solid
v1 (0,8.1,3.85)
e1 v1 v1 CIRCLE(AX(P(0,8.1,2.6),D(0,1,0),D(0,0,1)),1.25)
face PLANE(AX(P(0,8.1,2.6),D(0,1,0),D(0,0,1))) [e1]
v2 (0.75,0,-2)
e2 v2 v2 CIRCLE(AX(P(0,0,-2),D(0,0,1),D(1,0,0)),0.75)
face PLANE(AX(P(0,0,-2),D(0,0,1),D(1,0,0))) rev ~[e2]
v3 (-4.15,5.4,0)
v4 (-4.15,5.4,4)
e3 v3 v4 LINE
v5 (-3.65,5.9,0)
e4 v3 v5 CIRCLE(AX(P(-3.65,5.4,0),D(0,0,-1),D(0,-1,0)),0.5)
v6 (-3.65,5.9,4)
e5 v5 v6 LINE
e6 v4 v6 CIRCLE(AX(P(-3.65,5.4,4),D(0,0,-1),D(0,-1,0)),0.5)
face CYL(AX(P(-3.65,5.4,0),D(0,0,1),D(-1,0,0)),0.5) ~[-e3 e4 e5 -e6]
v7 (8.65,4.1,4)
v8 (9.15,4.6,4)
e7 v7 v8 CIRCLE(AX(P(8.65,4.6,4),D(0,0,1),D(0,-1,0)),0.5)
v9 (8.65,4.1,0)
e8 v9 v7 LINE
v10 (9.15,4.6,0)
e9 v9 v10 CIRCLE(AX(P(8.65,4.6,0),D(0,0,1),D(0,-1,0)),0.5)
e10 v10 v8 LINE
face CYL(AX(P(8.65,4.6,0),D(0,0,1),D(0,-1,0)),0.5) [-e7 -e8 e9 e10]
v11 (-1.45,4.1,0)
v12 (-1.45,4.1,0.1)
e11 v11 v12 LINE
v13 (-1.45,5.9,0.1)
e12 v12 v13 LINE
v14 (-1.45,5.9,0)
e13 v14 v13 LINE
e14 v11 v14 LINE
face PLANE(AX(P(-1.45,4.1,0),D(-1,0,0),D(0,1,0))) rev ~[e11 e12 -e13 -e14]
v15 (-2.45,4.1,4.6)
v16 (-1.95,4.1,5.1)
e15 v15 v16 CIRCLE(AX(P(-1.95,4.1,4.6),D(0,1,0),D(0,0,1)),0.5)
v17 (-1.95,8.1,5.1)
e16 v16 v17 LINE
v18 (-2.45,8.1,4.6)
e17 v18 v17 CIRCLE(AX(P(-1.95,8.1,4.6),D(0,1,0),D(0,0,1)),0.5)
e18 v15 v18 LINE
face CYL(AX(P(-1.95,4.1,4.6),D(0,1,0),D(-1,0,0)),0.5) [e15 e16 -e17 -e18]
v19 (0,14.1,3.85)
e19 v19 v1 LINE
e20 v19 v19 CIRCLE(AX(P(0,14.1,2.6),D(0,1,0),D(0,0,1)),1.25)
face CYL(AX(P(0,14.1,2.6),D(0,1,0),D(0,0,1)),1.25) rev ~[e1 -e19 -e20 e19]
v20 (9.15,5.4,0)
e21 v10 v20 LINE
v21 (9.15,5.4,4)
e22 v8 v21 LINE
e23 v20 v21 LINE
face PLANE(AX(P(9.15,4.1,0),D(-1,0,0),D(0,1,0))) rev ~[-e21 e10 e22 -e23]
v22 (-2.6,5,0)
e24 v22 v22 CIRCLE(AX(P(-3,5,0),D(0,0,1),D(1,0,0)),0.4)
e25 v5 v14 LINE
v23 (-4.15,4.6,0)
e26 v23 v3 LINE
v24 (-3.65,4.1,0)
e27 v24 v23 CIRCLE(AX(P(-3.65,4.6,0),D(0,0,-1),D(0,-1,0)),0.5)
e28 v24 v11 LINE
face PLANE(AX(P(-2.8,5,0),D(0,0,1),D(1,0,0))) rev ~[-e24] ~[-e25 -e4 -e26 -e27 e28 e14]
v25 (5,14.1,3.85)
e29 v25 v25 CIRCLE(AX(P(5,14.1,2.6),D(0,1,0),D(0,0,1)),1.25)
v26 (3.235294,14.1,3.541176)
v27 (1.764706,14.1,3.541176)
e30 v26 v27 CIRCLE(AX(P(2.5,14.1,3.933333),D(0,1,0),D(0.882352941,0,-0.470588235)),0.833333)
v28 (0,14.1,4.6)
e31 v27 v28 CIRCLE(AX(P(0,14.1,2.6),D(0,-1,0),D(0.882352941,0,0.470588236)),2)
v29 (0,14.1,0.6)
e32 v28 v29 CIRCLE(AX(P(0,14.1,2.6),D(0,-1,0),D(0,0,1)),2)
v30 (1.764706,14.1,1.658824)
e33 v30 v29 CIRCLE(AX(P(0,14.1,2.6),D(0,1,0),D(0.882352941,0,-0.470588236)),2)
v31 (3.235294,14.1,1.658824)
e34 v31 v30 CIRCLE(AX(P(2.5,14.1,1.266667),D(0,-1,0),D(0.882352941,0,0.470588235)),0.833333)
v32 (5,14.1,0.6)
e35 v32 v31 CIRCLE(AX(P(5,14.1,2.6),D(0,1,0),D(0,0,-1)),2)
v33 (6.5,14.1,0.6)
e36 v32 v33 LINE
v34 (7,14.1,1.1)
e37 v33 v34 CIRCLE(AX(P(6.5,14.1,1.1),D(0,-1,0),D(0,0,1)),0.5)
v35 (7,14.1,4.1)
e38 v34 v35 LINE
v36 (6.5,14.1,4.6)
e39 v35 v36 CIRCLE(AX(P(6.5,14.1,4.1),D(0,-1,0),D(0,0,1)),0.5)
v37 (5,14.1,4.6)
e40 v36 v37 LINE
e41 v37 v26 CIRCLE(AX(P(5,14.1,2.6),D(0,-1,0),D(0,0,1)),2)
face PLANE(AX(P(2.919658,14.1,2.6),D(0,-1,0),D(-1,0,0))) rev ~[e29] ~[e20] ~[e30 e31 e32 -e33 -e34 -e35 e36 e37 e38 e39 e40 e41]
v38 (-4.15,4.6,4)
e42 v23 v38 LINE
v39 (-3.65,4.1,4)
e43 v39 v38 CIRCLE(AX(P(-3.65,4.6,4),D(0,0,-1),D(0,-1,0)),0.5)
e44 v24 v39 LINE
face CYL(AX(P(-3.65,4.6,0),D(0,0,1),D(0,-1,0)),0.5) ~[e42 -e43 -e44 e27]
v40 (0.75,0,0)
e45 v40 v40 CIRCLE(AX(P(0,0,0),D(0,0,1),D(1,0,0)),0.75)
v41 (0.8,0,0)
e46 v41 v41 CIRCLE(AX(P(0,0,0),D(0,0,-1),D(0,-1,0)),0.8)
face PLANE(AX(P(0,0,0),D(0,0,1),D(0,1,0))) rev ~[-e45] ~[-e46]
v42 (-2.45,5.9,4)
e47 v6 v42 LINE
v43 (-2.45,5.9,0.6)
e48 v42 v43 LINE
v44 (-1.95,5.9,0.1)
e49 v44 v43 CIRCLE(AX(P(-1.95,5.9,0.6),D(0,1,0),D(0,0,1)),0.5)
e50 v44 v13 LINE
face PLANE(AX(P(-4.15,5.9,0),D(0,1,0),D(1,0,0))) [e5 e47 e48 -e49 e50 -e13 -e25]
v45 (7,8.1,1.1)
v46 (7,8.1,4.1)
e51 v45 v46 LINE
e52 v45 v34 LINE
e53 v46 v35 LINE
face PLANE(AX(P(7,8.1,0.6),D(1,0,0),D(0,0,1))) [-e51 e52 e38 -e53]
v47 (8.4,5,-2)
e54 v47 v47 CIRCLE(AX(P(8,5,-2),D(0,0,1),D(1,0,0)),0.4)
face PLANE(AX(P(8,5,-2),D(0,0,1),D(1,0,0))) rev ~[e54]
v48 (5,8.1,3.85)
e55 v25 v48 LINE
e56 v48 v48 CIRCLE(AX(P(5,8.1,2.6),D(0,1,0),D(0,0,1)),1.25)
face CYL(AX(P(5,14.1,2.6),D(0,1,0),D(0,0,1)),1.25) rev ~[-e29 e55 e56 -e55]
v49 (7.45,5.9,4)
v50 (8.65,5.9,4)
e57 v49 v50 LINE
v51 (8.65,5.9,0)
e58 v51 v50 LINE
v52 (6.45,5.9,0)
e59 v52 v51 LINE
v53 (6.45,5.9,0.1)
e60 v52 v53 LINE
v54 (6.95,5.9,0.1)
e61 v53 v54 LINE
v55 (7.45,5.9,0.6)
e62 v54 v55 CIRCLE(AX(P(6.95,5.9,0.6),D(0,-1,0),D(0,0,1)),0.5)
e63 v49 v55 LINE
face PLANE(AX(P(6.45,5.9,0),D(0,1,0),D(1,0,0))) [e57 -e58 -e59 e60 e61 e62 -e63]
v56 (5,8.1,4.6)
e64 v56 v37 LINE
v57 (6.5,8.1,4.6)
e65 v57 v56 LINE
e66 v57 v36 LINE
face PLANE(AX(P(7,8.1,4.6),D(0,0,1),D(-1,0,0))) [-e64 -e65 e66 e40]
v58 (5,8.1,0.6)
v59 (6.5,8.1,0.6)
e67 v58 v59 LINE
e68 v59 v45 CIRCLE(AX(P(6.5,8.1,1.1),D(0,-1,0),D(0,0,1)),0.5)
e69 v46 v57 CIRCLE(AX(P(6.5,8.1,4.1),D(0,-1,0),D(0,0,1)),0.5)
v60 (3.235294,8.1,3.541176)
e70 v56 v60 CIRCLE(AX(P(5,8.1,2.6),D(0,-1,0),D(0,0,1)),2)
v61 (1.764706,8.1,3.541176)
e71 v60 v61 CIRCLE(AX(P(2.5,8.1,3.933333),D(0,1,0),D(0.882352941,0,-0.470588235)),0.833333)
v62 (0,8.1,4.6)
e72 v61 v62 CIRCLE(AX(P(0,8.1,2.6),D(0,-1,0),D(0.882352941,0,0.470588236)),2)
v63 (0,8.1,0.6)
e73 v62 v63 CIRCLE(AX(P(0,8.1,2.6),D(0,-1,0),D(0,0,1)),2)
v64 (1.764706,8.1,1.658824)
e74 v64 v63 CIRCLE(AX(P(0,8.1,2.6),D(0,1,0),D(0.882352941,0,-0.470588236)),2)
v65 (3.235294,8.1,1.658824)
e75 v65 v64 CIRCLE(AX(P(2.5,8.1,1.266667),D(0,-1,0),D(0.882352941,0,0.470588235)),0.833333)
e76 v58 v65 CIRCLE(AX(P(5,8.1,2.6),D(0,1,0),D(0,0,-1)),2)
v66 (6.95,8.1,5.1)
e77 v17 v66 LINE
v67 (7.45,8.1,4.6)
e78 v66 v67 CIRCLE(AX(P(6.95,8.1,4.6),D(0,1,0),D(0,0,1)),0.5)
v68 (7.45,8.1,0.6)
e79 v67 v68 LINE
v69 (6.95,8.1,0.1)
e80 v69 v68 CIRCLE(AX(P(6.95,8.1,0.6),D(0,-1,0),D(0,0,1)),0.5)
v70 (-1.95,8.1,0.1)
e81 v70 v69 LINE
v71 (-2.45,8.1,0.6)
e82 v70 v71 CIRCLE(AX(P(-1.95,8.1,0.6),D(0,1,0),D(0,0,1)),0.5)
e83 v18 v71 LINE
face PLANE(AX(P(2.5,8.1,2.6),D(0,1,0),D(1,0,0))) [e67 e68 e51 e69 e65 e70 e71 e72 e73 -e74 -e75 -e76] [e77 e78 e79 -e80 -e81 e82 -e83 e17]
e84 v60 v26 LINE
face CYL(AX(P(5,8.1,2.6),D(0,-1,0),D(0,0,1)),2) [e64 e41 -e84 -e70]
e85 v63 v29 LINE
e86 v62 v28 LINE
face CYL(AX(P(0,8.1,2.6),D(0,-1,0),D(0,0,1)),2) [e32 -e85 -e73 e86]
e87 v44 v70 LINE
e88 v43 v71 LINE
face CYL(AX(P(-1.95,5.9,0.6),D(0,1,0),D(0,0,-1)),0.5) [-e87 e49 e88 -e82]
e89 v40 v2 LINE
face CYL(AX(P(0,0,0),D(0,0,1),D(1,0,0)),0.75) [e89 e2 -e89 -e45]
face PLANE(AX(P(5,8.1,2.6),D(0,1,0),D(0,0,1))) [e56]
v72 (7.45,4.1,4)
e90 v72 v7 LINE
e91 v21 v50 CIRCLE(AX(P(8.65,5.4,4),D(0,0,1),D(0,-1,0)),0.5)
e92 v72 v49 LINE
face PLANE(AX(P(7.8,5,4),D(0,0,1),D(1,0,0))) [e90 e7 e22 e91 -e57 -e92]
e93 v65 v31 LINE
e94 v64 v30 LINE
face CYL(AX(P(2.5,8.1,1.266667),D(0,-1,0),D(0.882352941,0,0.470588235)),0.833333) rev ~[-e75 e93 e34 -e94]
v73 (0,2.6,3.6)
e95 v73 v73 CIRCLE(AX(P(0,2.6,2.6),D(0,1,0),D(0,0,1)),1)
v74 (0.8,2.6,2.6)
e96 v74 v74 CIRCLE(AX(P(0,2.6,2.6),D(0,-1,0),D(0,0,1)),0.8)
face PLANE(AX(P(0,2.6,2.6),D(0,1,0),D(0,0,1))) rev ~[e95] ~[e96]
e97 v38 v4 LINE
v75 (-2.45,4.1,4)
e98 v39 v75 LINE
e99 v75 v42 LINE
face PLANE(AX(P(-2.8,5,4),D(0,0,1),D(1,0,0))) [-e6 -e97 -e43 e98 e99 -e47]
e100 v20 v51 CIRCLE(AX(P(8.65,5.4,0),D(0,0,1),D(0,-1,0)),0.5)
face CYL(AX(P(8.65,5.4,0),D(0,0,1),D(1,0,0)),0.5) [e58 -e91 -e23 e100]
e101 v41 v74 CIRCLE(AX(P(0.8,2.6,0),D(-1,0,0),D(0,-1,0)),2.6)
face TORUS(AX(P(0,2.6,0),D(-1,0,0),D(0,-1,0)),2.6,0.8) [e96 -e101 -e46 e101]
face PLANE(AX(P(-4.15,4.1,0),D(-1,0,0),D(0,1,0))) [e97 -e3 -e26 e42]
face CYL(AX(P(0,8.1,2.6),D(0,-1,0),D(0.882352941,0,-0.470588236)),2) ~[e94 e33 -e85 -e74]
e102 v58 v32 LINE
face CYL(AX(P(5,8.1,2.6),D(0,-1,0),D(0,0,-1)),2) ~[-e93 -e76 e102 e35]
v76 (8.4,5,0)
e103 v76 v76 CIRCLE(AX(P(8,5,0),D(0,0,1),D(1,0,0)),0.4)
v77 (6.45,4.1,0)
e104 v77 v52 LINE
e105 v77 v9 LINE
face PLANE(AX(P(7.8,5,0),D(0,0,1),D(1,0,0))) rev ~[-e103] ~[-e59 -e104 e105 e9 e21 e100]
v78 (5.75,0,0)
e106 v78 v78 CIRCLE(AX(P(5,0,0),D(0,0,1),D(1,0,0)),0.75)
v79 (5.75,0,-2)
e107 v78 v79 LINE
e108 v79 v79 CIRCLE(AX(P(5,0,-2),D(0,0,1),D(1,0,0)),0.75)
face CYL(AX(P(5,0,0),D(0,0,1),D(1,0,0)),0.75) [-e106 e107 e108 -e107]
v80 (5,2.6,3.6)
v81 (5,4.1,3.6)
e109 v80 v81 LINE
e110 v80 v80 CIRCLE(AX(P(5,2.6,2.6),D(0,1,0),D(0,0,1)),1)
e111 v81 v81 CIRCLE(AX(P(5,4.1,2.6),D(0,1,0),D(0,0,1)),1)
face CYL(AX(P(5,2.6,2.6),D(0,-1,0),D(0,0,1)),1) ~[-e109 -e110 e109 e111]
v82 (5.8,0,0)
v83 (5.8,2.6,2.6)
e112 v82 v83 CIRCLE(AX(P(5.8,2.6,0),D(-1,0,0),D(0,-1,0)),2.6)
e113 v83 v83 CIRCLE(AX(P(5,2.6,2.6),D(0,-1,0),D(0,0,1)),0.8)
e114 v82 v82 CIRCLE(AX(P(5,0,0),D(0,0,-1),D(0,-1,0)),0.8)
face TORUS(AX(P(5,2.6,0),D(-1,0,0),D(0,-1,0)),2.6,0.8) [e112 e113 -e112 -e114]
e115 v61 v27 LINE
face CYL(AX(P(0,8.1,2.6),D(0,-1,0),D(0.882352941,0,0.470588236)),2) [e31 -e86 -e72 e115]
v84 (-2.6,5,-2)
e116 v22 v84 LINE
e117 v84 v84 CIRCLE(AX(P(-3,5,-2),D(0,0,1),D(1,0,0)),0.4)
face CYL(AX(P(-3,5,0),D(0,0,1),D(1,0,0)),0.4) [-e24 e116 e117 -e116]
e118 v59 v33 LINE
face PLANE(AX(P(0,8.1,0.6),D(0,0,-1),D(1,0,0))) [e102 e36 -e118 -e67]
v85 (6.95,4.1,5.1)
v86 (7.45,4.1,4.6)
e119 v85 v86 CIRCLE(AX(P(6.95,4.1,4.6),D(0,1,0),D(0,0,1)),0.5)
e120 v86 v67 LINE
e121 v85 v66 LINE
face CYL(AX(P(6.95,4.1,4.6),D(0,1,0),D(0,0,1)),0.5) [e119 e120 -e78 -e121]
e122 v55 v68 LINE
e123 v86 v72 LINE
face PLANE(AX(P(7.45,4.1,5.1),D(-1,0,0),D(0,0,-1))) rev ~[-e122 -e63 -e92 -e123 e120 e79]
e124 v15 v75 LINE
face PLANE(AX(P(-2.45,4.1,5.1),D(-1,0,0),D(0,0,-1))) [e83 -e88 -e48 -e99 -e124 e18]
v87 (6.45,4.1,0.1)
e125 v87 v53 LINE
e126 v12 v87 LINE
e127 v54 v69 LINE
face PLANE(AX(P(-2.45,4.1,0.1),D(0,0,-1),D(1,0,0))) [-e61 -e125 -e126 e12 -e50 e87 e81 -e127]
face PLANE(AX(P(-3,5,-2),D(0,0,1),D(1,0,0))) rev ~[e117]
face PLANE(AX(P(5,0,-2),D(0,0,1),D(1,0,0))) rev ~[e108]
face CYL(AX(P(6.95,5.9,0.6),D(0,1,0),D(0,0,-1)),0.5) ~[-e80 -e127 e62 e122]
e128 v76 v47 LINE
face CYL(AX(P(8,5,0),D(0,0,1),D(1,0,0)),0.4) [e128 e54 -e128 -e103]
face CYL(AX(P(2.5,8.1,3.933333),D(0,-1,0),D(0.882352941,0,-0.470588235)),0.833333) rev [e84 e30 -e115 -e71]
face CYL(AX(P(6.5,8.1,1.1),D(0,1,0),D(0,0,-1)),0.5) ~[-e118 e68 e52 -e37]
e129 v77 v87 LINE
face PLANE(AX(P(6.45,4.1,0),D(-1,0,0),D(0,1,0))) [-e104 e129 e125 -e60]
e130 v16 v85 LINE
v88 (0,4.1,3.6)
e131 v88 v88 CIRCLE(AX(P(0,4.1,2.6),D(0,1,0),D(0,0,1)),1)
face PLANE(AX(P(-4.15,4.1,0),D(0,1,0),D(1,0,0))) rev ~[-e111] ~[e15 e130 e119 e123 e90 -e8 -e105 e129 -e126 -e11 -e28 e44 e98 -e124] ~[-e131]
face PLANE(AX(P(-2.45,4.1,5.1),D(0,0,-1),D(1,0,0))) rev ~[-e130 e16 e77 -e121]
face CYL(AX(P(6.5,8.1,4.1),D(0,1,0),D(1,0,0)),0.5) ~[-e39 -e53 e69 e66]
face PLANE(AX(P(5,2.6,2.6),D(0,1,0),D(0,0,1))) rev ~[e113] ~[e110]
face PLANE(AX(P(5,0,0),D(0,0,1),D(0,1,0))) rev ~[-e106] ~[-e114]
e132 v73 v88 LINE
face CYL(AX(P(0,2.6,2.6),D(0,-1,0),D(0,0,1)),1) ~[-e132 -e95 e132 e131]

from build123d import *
from build123d.topology import SkipClean

# Parameters (mm, degrees)
SKETCH_1_R             = 0.75
EXTRUDE_1_DEPTH        = 2
SKETCH_2_R             = 0.8
SKETCH_4_R             = 1
EXTRUDE_2_DEPTH        = 1.5
SKETCH_5_W             = 9.9
SKETCH_5_H             = 5
EXTRUDE_3_DEPTH        = 4
SKETCH_8_R             = 0.4
EXTRUDE_5_DEPTH        = 2
EXTRUDE_5_2_DEPTH      = 2
SKETCH_9_W             = 2.7
SKETCH_9_H             = 1.8
EXTRUDE_6_DEPTH        = 4
EXTRUDE_4_DEPTH        = 6
SKETCH_7_R             = 1.25
CUT_EXTRUDE_1_DEPTH    = 6
PATTERN_LINEAR_1_COUNT = 2
PATTERN_LINEAR_1_PITCH = 5
CUT_EXTRUDE_START      = -6
CUT_EXTRUDE_2_DEPTH    = 6
FILLET_1_R             = 0.5
FILLET_2_R             = 0.5
FILLET_3_R             = 0.5


with BuildPart() as part:
    # ｽｹｯﾁ1 → ﾎﾞｽ - 押し出し1 (new body)
    with BuildSketch(Plane.XY):
        Circle(SKETCH_1_R)
    extrude_1 = extrude(amount=-EXTRUDE_1_DEPTH)

    # ｽｲｰﾌﾟ1: sweep along a path in ｽｹｯﾁ3
    with BuildLine(Plane(origin=(0, 0, 0), x_dir=(0, 0, -1), z_dir=(1, 0, 0))) as sweep_1_path:
        ThreePointArc((0, 0), (-1.838477631, 0.761522369), (-2.6, 2.6))
    # ｽｹｯﾁ2 → ｽｲｰﾌﾟ1 (sweep)
    with BuildSketch(Plane.XY):
        Circle(SKETCH_2_R)
    sweep_1 = sweep(path=sweep_1_path.line)

    # ｽｹｯﾁ4 → ﾎﾞｽ - 押し出し2 (add)
    with BuildSketch(Plane(origin=(0, 2.6, 0), x_dir=(1, 0, 0), z_dir=(0, 1, 0))):
        with Locations(Location((0, -2.6, 0), (0, 0, 270))):
            Circle(SKETCH_4_R)
    extrude_2 = extrude(amount=EXTRUDE_2_DEPTH)

    # ｽｹｯﾁ5 → ﾎﾞｽ - 押し出し3 (add)
    with BuildSketch(Plane(origin=(0, 4.1, 0), x_dir=(1, 0, 0), z_dir=(0, 1, 0))):
        with Locations((2.5, -2.6)):
            Rectangle(SKETCH_5_W, SKETCH_5_H)
    extrude(amount=EXTRUDE_3_DEPTH)



with BuildPart() as body_2:
    # ｽｹｯﾁ8 → ﾎﾞｽ - 押し出し5 (new body)
    with BuildSketch(Plane.XY):
        with Locations((-3, 5)):
            Circle(SKETCH_8_R)
    extrude(amount=-EXTRUDE_5_DEPTH)


with BuildPart() as body_3:
    # ｽｹｯﾁ8 → Extrude 5 2 (new body)
    with BuildSketch(Plane.XY):
        with Locations((8, 5)):
            Circle(SKETCH_8_R)
    extrude(amount=-EXTRUDE_5_2_DEPTH)


with BuildPart() as part_1:
    add(part.part)

    add(body_2.part)  # ﾎﾞｽ - 押し出し6 merges body 2

    add(body_3.part)  # ﾎﾞｽ - 押し出し6 merges body 3
    # ｽｹｯﾁ9 → ﾎﾞｽ - 押し出し6 (add)
    with BuildSketch(Plane.XY):
        with Locations((-2.8, 5)):
            Rectangle(SKETCH_9_W, SKETCH_9_H)
        with Locations((7.8, 5)):
            Rectangle(SKETCH_9_W, SKETCH_9_H)
    extrude(amount=EXTRUDE_6_DEPTH)

    # ｽｹｯﾁ6 → ﾎﾞｽ - 押し出し4 (add)
    with BuildSketch(Plane(origin=(0, 8.1, 0), x_dir=(1, 0, 0), z_dir=(0, 1, 0))):
        with BuildLine():
            Line((0, -0.6), (7, -0.6))
            Line((7, -0.6), (7, -4.6))
            Line((7, -4.6), (0, -4.6))
            ThreePointArc((0, -4.6), (-2, -2.6), (0, -0.6))
        make_face()
    extrude(amount=EXTRUDE_4_DEPTH)

    # ｽｹｯﾁ7 → ｶｯﾄ - 押し出し1 (cut)
    with BuildSketch(Plane(origin=(0, 14.1, 0), x_dir=(1, 0, 0), z_dir=(0, 1, 0))):
        with Locations(Location((0, -2.6, 0), (0, 0, 270))):
            Circle(SKETCH_7_R)
    cut_extrude_1 = extrude(amount=-CUT_EXTRUDE_1_DEPTH, mode=Mode.SUBTRACT)

    # 直線ﾊﾟﾀｰﾝ1: ﾎﾞｽ - 押し出し1, ｽｲｰﾌﾟ1, ﾎﾞｽ - 押し出し2, ｶｯﾄ - 押し出し1 ×2
    with Locations(*[(i * PATTERN_LINEAR_1_PITCH, 0, 0) for i in range(1, PATTERN_LINEAR_1_COUNT)]):
        add(extrude_1)
        add(sweep_1)
        add(extrude_2)
        add(cut_extrude_1, mode=Mode.SUBTRACT)

    # ｽｹｯﾁ10 → ｶｯﾄ - 押し出し2 (cut)
    with SkipClean():  # the faces are left unmerged after this step: merging them gives an invalid solid
        with BuildSketch(Plane(origin=(0, 14.1, 0), x_dir=(1, 0, 0), z_dir=(0, 1, 0)).offset(CUT_EXTRUDE_START)):
            with BuildLine():
                Line((0, -0.6), (5, -0.6))
                ThreePointArc((5, -0.6), (3.971008489, -0.885014149), (3.235294118, -1.658823529))
                ThreePointArc((3.235294118, -1.658823529), (2.5, -2.1), (1.764705882, -1.658823529))
                ThreePointArc((1.764705882, -1.658823529), (1.028991511, -0.885014149), (0, -0.6))
            make_face()
        cut_extrude_2 = extrude(amount=CUT_EXTRUDE_2_DEPTH, mode=Mode.SUBTRACT)

    # ﾐﾗｰ1: ｶｯﾄ - 押し出し2 across plane
    with SkipClean():  # the faces are left unmerged after this step: merging them gives an invalid solid
        add(cut_extrude_2.mirror(Plane.XY.offset(2.6)), mode=Mode.SUBTRACT)

    # ﾌｨﾚｯﾄ1
    fillet_1_edges = [part_1.edges().sort_by_distance(p)[0] for p in [
        (-4.15, 4.1, 2),
        (-4.15, 5.9, 2),
        (9.15, 5.9, 2),
        (9.15, 4.1, 2),
    ]]
    fillet(fillet_1_edges, radius=FILLET_1_R)

    # ﾌｨﾚｯﾄ2
    fillet_2_edges = [part_1.edges().sort_by_distance(p)[0] for p in [
        (7.45, 7, 0.1),
        (-2.45, 7, 0.1),
        (-2.45, 6.1, 5.1),
        (7.45, 6.1, 5.1),
    ]]
    fillet(fillet_2_edges, radius=FILLET_2_R)

    # ﾌｨﾚｯﾄ3
    fillet_3_edges = [part_1.edges().sort_by_distance(p)[0] for p in [
        (7, 11.1, 4.6),
        (7, 11.1, 0.6),
    ]]
    fillet(fillet_3_edges, radius=FILLET_3_R)


solid = part_1.part
